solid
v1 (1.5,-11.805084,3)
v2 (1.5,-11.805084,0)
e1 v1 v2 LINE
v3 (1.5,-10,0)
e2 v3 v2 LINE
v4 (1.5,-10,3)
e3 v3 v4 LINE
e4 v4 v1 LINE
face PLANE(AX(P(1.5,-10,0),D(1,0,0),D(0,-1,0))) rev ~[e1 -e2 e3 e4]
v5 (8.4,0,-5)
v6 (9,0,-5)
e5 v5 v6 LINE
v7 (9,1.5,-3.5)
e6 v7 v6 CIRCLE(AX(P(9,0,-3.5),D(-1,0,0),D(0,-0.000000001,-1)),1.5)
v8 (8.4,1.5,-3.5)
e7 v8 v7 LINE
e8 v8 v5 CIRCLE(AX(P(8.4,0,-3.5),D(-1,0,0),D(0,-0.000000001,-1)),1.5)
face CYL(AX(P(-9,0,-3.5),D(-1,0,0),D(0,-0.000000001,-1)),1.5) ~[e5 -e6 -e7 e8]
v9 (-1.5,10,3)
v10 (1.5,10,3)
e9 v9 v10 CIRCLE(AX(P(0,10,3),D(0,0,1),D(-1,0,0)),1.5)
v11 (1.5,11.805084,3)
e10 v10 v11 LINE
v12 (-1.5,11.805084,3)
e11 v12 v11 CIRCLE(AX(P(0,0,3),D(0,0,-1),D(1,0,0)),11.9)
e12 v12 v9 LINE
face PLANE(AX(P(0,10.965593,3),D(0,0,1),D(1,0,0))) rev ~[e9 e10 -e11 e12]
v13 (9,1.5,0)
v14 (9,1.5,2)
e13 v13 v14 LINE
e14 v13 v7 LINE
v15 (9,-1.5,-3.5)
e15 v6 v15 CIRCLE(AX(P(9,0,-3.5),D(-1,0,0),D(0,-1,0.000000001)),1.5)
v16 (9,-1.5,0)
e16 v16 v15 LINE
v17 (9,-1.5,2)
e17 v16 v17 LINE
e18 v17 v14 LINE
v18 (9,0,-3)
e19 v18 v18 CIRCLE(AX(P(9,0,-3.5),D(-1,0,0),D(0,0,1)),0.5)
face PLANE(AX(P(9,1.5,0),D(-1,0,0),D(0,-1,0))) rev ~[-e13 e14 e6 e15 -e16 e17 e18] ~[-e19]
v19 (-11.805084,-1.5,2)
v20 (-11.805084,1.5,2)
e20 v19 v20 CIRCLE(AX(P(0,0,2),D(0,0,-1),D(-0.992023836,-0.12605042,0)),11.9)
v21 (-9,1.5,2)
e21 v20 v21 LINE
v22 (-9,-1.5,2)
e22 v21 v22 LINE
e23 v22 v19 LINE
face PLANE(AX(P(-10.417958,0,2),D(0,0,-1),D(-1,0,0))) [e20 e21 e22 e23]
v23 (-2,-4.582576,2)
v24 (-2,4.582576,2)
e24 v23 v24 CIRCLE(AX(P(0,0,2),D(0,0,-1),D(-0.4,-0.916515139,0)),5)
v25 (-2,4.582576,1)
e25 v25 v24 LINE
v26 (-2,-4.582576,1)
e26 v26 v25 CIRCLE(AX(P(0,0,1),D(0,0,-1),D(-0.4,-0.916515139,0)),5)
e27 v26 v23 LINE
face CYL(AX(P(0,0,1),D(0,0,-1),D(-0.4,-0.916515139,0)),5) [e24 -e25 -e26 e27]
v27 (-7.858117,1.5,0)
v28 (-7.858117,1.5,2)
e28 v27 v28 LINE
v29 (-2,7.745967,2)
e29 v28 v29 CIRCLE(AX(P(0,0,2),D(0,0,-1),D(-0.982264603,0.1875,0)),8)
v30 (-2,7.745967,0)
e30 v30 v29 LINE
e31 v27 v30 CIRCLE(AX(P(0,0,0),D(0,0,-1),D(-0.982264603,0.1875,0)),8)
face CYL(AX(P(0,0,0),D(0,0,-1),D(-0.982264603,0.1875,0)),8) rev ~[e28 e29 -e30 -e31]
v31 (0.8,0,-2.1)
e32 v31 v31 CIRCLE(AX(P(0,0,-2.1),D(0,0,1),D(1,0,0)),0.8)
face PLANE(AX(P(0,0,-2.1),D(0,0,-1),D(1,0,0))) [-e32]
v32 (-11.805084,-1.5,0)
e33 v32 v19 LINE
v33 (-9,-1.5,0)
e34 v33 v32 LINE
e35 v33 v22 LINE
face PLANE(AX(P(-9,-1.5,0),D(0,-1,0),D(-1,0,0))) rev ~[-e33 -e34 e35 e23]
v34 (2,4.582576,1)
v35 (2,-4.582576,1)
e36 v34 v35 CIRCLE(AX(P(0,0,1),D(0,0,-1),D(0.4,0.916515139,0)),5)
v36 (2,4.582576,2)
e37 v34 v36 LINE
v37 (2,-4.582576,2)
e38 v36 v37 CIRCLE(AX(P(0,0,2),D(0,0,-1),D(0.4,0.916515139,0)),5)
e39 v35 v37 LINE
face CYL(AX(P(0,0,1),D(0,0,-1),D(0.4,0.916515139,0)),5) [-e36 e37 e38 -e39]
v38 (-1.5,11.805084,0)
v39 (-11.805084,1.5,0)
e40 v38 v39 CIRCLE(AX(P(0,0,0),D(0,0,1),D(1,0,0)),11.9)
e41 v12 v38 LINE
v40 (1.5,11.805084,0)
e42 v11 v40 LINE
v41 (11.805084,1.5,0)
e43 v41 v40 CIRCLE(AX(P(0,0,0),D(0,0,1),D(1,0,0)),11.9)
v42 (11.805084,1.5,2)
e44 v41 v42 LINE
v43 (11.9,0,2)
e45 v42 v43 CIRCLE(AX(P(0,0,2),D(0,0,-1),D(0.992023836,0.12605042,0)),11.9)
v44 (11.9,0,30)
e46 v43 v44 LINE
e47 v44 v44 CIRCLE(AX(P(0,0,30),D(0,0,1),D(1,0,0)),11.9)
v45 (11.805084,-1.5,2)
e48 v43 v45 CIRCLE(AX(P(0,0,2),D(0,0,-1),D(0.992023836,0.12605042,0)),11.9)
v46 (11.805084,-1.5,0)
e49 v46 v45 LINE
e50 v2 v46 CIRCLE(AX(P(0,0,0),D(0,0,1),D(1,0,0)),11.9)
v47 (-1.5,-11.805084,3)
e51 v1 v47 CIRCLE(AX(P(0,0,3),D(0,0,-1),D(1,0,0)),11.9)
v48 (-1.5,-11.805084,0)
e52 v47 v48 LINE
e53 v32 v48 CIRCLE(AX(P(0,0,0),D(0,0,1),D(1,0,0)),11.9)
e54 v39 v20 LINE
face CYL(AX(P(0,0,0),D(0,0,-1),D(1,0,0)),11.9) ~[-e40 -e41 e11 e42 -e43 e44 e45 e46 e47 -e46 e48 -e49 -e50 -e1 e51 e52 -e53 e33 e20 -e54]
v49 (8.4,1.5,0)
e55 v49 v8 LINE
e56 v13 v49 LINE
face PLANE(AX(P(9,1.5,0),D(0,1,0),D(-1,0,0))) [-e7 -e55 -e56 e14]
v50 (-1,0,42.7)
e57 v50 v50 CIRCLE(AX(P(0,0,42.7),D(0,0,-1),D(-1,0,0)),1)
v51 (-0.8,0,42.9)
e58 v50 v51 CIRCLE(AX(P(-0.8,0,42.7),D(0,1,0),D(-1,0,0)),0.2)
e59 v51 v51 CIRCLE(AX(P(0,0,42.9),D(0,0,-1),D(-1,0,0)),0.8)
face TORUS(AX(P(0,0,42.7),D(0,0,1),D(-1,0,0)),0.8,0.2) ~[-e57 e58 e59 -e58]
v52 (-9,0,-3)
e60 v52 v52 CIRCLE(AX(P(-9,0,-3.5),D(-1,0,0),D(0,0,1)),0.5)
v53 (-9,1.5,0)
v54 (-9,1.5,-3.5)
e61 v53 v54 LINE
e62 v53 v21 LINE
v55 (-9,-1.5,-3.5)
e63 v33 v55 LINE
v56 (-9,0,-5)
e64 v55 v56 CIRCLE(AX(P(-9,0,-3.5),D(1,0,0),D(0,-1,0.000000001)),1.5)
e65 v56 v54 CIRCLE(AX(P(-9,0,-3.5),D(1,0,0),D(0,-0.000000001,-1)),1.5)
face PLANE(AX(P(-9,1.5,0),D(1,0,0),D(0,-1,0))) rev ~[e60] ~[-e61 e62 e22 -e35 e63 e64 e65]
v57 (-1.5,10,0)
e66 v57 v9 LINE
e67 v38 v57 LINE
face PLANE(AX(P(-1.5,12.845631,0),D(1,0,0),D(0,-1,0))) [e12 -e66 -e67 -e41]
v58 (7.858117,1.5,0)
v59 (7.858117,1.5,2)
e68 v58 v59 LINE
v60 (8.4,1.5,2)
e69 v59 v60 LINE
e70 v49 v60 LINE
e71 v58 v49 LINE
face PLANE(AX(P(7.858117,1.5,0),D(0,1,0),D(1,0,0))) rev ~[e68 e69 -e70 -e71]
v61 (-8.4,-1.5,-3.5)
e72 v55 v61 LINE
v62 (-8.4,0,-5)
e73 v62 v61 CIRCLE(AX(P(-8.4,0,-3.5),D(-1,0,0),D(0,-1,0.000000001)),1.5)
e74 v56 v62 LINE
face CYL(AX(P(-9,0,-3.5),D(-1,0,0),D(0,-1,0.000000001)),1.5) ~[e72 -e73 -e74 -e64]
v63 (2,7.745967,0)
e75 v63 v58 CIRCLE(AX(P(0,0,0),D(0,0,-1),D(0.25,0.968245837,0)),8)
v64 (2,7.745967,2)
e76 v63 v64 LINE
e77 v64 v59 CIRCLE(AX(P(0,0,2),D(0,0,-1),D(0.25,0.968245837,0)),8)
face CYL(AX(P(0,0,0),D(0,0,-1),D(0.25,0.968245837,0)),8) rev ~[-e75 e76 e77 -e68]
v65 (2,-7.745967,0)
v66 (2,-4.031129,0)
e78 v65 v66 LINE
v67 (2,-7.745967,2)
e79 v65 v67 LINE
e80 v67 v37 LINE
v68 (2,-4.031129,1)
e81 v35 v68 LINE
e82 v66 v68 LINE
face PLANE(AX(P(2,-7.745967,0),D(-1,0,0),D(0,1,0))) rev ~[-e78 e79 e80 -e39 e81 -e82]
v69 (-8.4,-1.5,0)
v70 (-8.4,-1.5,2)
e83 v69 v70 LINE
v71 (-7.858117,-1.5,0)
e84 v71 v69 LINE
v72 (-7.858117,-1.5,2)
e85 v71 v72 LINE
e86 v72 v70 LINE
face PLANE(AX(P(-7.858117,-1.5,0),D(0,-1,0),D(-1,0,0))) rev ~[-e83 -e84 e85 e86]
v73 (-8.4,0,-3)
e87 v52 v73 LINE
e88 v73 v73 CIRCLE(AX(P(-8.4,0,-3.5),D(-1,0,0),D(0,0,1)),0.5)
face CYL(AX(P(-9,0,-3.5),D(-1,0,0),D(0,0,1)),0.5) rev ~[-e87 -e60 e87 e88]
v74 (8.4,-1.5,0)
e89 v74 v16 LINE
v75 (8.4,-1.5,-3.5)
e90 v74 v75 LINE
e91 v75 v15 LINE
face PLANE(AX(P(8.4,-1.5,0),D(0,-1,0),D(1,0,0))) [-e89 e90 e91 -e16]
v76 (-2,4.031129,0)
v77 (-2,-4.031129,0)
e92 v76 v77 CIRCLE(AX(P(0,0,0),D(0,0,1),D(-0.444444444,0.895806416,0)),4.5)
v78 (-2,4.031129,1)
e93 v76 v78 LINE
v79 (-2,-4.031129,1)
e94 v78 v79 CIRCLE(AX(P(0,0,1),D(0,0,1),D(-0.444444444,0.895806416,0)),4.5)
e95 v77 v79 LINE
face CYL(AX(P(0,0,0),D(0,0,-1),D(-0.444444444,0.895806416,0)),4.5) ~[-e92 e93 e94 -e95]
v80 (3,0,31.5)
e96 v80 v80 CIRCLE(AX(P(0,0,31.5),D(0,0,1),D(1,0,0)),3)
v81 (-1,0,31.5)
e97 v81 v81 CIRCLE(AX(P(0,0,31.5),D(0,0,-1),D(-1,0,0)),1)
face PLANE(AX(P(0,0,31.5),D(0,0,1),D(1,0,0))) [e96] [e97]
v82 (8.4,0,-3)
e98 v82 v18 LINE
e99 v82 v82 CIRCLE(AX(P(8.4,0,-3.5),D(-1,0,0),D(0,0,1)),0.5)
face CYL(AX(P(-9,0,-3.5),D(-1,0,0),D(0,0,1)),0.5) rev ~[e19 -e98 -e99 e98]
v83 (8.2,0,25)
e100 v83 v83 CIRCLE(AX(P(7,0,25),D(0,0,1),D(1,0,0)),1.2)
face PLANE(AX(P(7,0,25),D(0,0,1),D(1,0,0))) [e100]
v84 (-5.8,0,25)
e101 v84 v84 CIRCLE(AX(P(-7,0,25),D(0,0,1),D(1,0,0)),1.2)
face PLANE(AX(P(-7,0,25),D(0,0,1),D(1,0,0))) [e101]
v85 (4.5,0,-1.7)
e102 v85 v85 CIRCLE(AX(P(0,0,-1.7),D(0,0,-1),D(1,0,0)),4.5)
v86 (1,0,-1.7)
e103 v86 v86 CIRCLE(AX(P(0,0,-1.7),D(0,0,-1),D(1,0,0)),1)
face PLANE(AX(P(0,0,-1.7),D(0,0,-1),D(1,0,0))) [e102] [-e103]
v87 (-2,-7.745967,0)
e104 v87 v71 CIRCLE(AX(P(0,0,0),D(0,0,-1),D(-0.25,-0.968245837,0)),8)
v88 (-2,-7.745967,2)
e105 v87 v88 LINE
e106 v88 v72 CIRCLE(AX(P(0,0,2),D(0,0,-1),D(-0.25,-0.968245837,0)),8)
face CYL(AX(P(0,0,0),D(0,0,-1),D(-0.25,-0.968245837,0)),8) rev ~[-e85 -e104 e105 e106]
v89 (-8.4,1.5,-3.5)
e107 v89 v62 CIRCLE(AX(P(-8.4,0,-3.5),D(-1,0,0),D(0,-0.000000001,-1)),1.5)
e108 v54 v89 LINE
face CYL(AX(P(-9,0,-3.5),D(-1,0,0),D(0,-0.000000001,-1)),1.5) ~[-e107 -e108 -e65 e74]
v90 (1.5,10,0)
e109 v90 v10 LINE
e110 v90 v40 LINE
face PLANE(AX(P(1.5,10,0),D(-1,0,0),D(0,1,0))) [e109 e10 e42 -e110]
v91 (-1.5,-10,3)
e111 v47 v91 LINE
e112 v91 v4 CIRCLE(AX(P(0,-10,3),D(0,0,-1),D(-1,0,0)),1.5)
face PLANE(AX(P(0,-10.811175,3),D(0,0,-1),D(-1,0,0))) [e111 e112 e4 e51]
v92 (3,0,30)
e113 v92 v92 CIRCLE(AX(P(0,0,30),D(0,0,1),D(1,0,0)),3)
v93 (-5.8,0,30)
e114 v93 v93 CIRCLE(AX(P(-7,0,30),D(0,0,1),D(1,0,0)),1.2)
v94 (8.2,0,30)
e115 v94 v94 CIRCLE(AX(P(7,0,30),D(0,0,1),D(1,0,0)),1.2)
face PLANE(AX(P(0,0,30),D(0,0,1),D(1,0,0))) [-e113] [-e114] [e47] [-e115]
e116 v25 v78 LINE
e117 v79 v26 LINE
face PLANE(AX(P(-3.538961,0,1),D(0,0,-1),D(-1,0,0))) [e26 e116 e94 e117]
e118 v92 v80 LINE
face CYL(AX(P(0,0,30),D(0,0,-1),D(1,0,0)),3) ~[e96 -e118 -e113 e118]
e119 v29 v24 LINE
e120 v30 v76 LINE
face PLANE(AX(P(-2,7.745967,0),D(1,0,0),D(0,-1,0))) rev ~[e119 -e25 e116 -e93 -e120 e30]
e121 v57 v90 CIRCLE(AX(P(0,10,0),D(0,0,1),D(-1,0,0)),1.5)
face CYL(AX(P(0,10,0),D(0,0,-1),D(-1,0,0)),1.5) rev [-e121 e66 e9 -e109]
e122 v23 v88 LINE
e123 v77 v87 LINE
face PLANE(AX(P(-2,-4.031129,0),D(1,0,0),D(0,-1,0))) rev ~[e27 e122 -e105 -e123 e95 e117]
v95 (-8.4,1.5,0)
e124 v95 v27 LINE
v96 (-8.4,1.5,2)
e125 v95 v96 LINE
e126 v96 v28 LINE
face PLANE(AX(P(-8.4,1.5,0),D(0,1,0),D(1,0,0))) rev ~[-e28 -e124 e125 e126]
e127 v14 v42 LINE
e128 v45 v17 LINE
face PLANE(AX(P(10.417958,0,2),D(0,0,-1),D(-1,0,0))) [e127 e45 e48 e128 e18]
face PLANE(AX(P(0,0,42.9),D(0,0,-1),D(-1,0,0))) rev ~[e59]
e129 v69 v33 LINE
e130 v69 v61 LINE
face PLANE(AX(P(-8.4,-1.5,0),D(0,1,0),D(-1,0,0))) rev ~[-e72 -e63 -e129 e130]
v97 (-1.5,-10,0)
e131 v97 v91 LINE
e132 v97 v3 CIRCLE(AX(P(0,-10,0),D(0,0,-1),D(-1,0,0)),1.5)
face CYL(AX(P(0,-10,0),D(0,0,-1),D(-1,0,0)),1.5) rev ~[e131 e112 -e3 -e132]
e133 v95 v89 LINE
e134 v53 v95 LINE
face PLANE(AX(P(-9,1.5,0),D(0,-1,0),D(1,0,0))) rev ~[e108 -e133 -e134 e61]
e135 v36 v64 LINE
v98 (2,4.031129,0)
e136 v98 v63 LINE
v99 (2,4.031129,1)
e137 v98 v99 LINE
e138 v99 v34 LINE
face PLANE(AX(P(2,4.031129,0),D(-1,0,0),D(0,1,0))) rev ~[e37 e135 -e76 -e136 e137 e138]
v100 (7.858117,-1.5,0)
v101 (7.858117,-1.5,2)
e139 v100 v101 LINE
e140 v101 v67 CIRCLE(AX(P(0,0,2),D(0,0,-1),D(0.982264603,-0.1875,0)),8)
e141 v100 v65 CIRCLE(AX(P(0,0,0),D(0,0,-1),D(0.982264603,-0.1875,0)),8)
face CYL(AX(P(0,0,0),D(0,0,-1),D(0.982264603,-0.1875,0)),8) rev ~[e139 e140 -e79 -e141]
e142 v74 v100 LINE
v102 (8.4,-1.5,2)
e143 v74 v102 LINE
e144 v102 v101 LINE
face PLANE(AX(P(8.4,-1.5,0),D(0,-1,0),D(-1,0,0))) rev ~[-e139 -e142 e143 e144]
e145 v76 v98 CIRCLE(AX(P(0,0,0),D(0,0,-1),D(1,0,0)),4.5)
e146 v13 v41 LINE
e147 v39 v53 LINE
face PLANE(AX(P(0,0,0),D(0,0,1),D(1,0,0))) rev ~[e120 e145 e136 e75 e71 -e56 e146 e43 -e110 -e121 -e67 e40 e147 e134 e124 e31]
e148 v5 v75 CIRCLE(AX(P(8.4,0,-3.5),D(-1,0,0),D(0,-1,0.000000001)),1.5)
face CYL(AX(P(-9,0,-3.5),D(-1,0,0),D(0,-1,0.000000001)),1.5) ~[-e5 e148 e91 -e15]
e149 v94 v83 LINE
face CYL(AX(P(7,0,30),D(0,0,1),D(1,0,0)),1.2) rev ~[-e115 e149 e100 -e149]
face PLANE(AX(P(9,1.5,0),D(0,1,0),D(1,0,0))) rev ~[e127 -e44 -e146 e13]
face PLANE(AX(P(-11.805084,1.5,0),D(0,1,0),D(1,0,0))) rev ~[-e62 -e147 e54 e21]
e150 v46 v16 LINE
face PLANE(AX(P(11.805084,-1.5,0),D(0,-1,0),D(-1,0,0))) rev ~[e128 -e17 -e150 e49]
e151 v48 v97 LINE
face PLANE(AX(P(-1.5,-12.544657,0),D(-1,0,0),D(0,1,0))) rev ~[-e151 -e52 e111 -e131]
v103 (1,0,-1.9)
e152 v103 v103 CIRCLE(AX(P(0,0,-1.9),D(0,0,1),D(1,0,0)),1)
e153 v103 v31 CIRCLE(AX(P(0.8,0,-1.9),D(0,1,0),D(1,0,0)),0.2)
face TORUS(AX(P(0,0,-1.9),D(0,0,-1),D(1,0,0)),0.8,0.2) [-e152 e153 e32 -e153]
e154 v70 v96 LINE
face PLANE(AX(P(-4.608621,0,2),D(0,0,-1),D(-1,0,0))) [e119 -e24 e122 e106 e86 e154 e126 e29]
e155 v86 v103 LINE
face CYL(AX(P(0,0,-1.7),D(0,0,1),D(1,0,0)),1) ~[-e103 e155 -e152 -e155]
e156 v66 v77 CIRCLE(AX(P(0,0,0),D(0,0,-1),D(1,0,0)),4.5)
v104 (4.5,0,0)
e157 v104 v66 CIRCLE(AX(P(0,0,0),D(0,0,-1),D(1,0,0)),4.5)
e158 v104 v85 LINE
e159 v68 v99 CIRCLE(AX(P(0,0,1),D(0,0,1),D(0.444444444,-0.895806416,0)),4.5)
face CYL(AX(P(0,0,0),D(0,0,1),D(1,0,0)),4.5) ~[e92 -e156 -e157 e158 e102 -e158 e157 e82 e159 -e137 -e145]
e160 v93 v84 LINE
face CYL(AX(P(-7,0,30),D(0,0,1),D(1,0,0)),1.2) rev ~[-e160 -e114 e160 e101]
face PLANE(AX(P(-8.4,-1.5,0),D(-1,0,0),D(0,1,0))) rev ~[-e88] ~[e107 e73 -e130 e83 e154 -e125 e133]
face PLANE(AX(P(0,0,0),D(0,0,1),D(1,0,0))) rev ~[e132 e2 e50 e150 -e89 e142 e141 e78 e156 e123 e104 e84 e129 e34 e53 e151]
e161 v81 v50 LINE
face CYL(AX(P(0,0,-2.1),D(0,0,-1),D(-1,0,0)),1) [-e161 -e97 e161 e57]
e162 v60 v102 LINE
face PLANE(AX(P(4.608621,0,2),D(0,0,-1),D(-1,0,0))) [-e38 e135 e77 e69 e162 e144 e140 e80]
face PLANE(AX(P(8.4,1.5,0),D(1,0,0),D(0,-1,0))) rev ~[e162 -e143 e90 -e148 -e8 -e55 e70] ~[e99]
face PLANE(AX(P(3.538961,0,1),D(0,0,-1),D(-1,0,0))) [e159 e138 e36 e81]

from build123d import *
from build123d.topology import SkipClean

# Parameters (mm, degrees)
CROQUIS2_R              = 11.9
SALIENTE_EXTRUIR1_DEPTH = 30
CROQUIS3_R              = 3
SALIENTE_EXTRUIR2_DEPTH = 1.5
CROQUIS4_R              = 1
CORTAR_EXTRUIR1_DEPTH   = 36.713722853
CROQUIS5_R              = 1.2
CORTAR_EXTRUIR2_DEPTH   = 5
CROQUIS7_R              = 4.5
SALIENTE_EXTRUIR3_DEPTH = 1.7
CORTAR_EXTRUIR3_REACH   = 39.222
CROQUIS8_R              = 1
SALIENTE_EXTRUIR4_DEPTH = 5
CORTAR_EXTRUIR4_REACH   = 41.632
CROQUIS10_R             = 0.5
CORTAR_EXTRUIR5_DEPTH   = 3
CORTAR_EXTRUIR7_DEPTH   = 2
SALIENTE_EXTRUIR5_START = 1
SALIENTE_EXTRUIR5_DEPTH = 1
CROQUIS16_R             = 1
SALIENTE_EXTRUIR8_DEPTH = 0.4
CROQUIS17_R             = 1
SALIENTE_EXTRUIR9_DEPTH = 45
REDONDEO4_R             = 0.2


with BuildPart() as part:
    # Croquis2 → Saliente-Extruir1 (new body)
    with BuildSketch(Plane.XY):
        Circle(CROQUIS2_R)
    extrude(amount=SALIENTE_EXTRUIR1_DEPTH)

    # Croquis3 → Saliente-Extruir2 (add)
    with BuildSketch(Plane.XY.offset(30)):
        Circle(CROQUIS3_R)
    extrude(amount=SALIENTE_EXTRUIR2_DEPTH)

    # Croquis4 → Cortar-Extruir1 (cut, through all)
    with BuildSketch(Plane.XY.offset(31.5)):
        Circle(CROQUIS4_R)
    extrude(amount=-CORTAR_EXTRUIR1_DEPTH, mode=Mode.SUBTRACT)

    # Croquis5 → Cortar-Extruir2 (cut)
    with BuildSketch(Plane.XY.offset(30)):
        with Locations((7, 0)):
            Circle(CROQUIS5_R)
        with Locations((-7, 0)):
            Circle(CROQUIS5_R)
    extrude(amount=-CORTAR_EXTRUIR2_DEPTH, mode=Mode.SUBTRACT)

    # Croquis7 → Saliente-Extruir3 (add)
    with BuildSketch(Plane(origin=(0, 0, 0), x_dir=(-1, 0, 0), z_dir=(0, 0, -1))):
        with Locations(Location((0, 0, 0), (0, 0, 180))):
            Circle(CROQUIS7_R)
    extrude(amount=SALIENTE_EXTRUIR3_DEPTH)

    # Croquis8 → Cortar-Extruir3 (cut, up to next)
    with BuildSketch(Plane(origin=(0, 0, -1.7), x_dir=(-1, 0, 0), z_dir=(0, 0, -1)), mode=Mode.PRIVATE) as cortar_extruir3_sk1:
        with Locations(Location((0, 0, 0), (0, 0, 180))):
            Circle(CROQUIS8_R)
    cortar_extruir3_tool1 = extrude(cortar_extruir3_sk1.sketch, amount=-CORTAR_EXTRUIR3_REACH, mode=Mode.PRIVATE) & part.part
    add(cortar_extruir3_tool1.solids().sort_by_distance((0, 0, -1.7))[0], mode=Mode.SUBTRACT)

    # Croquis9 → Saliente-Extruir4 (add)
    with BuildSketch(Plane(origin=(0, 0, 0), x_dir=(-1, 0, 0), z_dir=(0, 0, -1))):
        Polygon((-9, 0), (-9, 1.5), (-8.4, 1.5), (-8.4, -1.5), (-9, -1.5), align=None)
        Polygon((9, 0), (9, 1.5), (8.4, 1.5), (8.4, -1.5), (9, -1.5), align=None)
    extrude(amount=SALIENTE_EXTRUIR4_DEPTH)

    # Cortar-Extruir4: up to this face of the body (flat: up to its plane)
    cortar_extruir4_end = Plane(part.part.faces().sort_by_distance((9, 0, -2.5))[0])
    # Croquis10 → Cortar-Extruir4 (cut, up to the picked face)
    with BuildSketch(Plane.ZY.offset(9), mode=Mode.PRIVATE) as cortar_extruir4_sk1:
        with BuildLine():
            Line((-5, -1.5), (-3.5, -1.5))
            ThreePointArc((-3.5, -1.5), (-4.560660172, -1.060660172), (-5, 0))
            Line((-5, 0), (-5, -1.5))
        make_face()
    cortar_extruir4_tool1 = split(extrude(cortar_extruir4_sk1.sketch, amount=-CORTAR_EXTRUIR4_REACH, mode=Mode.PRIVATE), bisect_by=cortar_extruir4_end, keep=Keep.BOTH, mode=Mode.PRIVATE)
    # Croquis10 → Cortar-Extruir4 (cut, up to the picked face)
    with BuildSketch(Plane.ZY.offset(9), mode=Mode.PRIVATE) as cortar_extruir4_sk2:
        with BuildLine():
            Line((-5, 1.5), (-5, 0))
            ThreePointArc((-5, 0), (-4.560660172, 1.060660172), (-3.5, 1.5))
            Line((-3.5, 1.5), (-5, 1.5))
        make_face()
    cortar_extruir4_tool2 = split(extrude(cortar_extruir4_sk2.sketch, amount=-CORTAR_EXTRUIR4_REACH, mode=Mode.PRIVATE), bisect_by=cortar_extruir4_end, keep=Keep.BOTH, mode=Mode.PRIVATE)
    # Croquis10 → Cortar-Extruir4 (cut, up to the picked face)
    with BuildSketch(Plane.ZY.offset(9), mode=Mode.PRIVATE) as cortar_extruir4_sk3:
        with Locations((-3.5, 0)):
            Circle(CROQUIS10_R)
    cortar_extruir4_tool3 = split(extrude(cortar_extruir4_sk3.sketch, amount=-CORTAR_EXTRUIR4_REACH, mode=Mode.PRIVATE), bisect_by=cortar_extruir4_end, keep=Keep.BOTH, mode=Mode.PRIVATE)
    add(cortar_extruir4_tool1.solids().sort_by(Axis((-9, -1.164948, -4.664948), (1, 0, 0)))[0], mode=Mode.SUBTRACT)
    add(cortar_extruir4_tool2.solids().sort_by(Axis((-9, 1.164948, -4.664948), (1, 0, 0)))[0], mode=Mode.SUBTRACT)
    add(cortar_extruir4_tool3.solids().sort_by(Axis((-9, 0, -3.5), (1, 0, 0)))[0], mode=Mode.SUBTRACT)

    # Croquis11 → Cortar-Extruir5 (cut)
    with BuildSketch(Plane(origin=(0, 0, 0), x_dir=(-1, 0, 0), z_dir=(0, 0, -1))):
        with BuildLine():
            Line((-1.5, -10), (-1.5, -12.544656971))
            Line((-1.5, -12.544656971), (1.5, -12.544656971))
            Line((1.5, -12.544656971), (1.5, -10))
            ThreePointArc((1.5, -10), (0, -8.5), (-1.5, -10))
        make_face()
        with BuildLine():
            Line((-1.5, 10), (-1.5, 12.84563131))
            Line((-1.5, 12.84563131), (1.5, 12.84563131))
            Line((1.5, 12.84563131), (1.5, 10))
            ThreePointArc((1.5, 10), (0, 8.5), (-1.5, 10))
        make_face()
    extrude(amount=-CORTAR_EXTRUIR5_DEPTH, mode=Mode.SUBTRACT)

    # Croquis12 → Cortar-Extruir7 (cut)
    with SkipClean():  # the faces are left unmerged after this step: merging them gives an invalid solid
        with BuildSketch(Plane(origin=(0, 0, 0), x_dir=(-1, 0, 0), z_dir=(0, 0, -1))):
            with BuildLine():
                Line((-2, 4.031128874), (-2, 7.745966692))
                ThreePointArc((-2, 7.745966692), (-5.835121404, 5.472783405), (-7.858116823, 1.5))
                Line((-7.858116823, 1.5), (-8.4, 1.5))
                Line((-8.4, 1.5), (-8.4, -1.5))
                Line((-8.4, -1.5), (-7.858116823, -1.5))
                ThreePointArc((-7.858116823, -1.5), (-5.835121404, -5.472783405), (-2, -7.745966692))
                Line((-2, -7.745966692), (-2, -4.031128874))
                ThreePointArc((-2, -4.031128874), (-4.5, 0), (-2, 4.031128874))
            make_face()
            with BuildLine():
                Line((2, -4.031128874), (2, -7.745966692))
                ThreePointArc((2, -7.745966692), (5.835121404, -5.472783405), (7.858116823, -1.5))
                Line((7.858116823, -1.5), (8.4, -1.5))
                Line((8.4, -1.5), (8.4, 1.5))
                Line((8.4, 1.5), (7.858116823, 1.5))
                ThreePointArc((7.858116823, 1.5), (5.835121404, 5.472783405), (2, 7.745966692))
                Line((2, 7.745966692), (2, 4.031128874))
                ThreePointArc((2, 4.031128874), (4.5, 0), (2, -4.031128874))
            make_face()
            with BuildLine():
                Line((-9, -1.5), (-9, 1.5))
                Line((-9, 1.5), (-11.805083651, 1.5))
                ThreePointArc((-11.805083651, 1.5), (-11.9, 0), (-11.805083651, -1.5))
                Line((-11.805083651, -1.5), (-9, -1.5))
            make_face()
            with BuildLine():
                Line((9, 1.5), (9, -1.5))
                Line((9, -1.5), (11.805083651, -1.5))
                ThreePointArc((11.805083651, -1.5), (11.9, 0), (11.805083651, 1.5))
                Line((11.805083651, 1.5), (9, 1.5))
            make_face()
        extrude(amount=-CORTAR_EXTRUIR7_DEPTH, mode=Mode.SUBTRACT)

    # Croquis13 → Saliente-Extruir5 (add)
    with SkipClean():  # the faces are left unmerged after this step: merging them gives an invalid solid
        with BuildSketch(Plane(origin=(0, 0, 2), x_dir=(-1, 0, 0), z_dir=(0, 0, -1)).offset(SALIENTE_EXTRUIR5_START)):
            with BuildLine():
                Line((2, 4.582575695), (2, 4.031128874))
                ThreePointArc((2, 4.031128874), (4.5, 0), (2, -4.031128874))
                Line((2, -4.031128874), (2, -4.582575695))
                ThreePointArc((2, -4.582575695), (5, 0), (2, 4.582575695))
            make_face()
            with BuildLine():
                Line((-2, -4.582575695), (-2, -4.031128874))
                ThreePointArc((-2, -4.031128874), (-4.5, 0), (-2, 4.031128874))
                Line((-2, 4.031128874), (-2, 4.582575695))
                ThreePointArc((-2, 4.582575695), (-5, 0), (-2, -4.582575695))
            make_face()
        extrude(amount=-SALIENTE_EXTRUIR5_DEPTH)



with BuildPart() as body_2:
    # Croquis16 → Saliente-Extruir8 (new body)
    with BuildSketch(Plane(origin=(0, 0, -1.7), x_dir=(-1, 0, 0), z_dir=(0, 0, -1))):
        with Locations(Location((0, 0, 0), (0, 0, 180))):
            Circle(CROQUIS16_R)
    extrude(amount=SALIENTE_EXTRUIR8_DEPTH)


with BuildPart() as part_1:
    with SkipClean():  # the faces are left unmerged after this step: merging them gives an invalid solid
        add(part.part)

        add(body_2.part)  # Saliente-Extruir9 merges body 2
        # Croquis17 → Saliente-Extruir9 (add)
        with BuildSketch(Plane(origin=(0, 0, -2.1), x_dir=(-1, 0, 0), z_dir=(0, 0, -1))):
            Circle(CROQUIS17_R)
        extrude(amount=-SALIENTE_EXTRUIR9_DEPTH)

    # Redondeo4
    redondeo4_edges = [part_1.edges().sort_by_distance(p)[0] for p in [
        (1, 0, 42.9),
        (0, -1, -2.1),
    ]]
    fillet(redondeo4_edges, radius=REDONDEO4_R)


solid = part_1.part
